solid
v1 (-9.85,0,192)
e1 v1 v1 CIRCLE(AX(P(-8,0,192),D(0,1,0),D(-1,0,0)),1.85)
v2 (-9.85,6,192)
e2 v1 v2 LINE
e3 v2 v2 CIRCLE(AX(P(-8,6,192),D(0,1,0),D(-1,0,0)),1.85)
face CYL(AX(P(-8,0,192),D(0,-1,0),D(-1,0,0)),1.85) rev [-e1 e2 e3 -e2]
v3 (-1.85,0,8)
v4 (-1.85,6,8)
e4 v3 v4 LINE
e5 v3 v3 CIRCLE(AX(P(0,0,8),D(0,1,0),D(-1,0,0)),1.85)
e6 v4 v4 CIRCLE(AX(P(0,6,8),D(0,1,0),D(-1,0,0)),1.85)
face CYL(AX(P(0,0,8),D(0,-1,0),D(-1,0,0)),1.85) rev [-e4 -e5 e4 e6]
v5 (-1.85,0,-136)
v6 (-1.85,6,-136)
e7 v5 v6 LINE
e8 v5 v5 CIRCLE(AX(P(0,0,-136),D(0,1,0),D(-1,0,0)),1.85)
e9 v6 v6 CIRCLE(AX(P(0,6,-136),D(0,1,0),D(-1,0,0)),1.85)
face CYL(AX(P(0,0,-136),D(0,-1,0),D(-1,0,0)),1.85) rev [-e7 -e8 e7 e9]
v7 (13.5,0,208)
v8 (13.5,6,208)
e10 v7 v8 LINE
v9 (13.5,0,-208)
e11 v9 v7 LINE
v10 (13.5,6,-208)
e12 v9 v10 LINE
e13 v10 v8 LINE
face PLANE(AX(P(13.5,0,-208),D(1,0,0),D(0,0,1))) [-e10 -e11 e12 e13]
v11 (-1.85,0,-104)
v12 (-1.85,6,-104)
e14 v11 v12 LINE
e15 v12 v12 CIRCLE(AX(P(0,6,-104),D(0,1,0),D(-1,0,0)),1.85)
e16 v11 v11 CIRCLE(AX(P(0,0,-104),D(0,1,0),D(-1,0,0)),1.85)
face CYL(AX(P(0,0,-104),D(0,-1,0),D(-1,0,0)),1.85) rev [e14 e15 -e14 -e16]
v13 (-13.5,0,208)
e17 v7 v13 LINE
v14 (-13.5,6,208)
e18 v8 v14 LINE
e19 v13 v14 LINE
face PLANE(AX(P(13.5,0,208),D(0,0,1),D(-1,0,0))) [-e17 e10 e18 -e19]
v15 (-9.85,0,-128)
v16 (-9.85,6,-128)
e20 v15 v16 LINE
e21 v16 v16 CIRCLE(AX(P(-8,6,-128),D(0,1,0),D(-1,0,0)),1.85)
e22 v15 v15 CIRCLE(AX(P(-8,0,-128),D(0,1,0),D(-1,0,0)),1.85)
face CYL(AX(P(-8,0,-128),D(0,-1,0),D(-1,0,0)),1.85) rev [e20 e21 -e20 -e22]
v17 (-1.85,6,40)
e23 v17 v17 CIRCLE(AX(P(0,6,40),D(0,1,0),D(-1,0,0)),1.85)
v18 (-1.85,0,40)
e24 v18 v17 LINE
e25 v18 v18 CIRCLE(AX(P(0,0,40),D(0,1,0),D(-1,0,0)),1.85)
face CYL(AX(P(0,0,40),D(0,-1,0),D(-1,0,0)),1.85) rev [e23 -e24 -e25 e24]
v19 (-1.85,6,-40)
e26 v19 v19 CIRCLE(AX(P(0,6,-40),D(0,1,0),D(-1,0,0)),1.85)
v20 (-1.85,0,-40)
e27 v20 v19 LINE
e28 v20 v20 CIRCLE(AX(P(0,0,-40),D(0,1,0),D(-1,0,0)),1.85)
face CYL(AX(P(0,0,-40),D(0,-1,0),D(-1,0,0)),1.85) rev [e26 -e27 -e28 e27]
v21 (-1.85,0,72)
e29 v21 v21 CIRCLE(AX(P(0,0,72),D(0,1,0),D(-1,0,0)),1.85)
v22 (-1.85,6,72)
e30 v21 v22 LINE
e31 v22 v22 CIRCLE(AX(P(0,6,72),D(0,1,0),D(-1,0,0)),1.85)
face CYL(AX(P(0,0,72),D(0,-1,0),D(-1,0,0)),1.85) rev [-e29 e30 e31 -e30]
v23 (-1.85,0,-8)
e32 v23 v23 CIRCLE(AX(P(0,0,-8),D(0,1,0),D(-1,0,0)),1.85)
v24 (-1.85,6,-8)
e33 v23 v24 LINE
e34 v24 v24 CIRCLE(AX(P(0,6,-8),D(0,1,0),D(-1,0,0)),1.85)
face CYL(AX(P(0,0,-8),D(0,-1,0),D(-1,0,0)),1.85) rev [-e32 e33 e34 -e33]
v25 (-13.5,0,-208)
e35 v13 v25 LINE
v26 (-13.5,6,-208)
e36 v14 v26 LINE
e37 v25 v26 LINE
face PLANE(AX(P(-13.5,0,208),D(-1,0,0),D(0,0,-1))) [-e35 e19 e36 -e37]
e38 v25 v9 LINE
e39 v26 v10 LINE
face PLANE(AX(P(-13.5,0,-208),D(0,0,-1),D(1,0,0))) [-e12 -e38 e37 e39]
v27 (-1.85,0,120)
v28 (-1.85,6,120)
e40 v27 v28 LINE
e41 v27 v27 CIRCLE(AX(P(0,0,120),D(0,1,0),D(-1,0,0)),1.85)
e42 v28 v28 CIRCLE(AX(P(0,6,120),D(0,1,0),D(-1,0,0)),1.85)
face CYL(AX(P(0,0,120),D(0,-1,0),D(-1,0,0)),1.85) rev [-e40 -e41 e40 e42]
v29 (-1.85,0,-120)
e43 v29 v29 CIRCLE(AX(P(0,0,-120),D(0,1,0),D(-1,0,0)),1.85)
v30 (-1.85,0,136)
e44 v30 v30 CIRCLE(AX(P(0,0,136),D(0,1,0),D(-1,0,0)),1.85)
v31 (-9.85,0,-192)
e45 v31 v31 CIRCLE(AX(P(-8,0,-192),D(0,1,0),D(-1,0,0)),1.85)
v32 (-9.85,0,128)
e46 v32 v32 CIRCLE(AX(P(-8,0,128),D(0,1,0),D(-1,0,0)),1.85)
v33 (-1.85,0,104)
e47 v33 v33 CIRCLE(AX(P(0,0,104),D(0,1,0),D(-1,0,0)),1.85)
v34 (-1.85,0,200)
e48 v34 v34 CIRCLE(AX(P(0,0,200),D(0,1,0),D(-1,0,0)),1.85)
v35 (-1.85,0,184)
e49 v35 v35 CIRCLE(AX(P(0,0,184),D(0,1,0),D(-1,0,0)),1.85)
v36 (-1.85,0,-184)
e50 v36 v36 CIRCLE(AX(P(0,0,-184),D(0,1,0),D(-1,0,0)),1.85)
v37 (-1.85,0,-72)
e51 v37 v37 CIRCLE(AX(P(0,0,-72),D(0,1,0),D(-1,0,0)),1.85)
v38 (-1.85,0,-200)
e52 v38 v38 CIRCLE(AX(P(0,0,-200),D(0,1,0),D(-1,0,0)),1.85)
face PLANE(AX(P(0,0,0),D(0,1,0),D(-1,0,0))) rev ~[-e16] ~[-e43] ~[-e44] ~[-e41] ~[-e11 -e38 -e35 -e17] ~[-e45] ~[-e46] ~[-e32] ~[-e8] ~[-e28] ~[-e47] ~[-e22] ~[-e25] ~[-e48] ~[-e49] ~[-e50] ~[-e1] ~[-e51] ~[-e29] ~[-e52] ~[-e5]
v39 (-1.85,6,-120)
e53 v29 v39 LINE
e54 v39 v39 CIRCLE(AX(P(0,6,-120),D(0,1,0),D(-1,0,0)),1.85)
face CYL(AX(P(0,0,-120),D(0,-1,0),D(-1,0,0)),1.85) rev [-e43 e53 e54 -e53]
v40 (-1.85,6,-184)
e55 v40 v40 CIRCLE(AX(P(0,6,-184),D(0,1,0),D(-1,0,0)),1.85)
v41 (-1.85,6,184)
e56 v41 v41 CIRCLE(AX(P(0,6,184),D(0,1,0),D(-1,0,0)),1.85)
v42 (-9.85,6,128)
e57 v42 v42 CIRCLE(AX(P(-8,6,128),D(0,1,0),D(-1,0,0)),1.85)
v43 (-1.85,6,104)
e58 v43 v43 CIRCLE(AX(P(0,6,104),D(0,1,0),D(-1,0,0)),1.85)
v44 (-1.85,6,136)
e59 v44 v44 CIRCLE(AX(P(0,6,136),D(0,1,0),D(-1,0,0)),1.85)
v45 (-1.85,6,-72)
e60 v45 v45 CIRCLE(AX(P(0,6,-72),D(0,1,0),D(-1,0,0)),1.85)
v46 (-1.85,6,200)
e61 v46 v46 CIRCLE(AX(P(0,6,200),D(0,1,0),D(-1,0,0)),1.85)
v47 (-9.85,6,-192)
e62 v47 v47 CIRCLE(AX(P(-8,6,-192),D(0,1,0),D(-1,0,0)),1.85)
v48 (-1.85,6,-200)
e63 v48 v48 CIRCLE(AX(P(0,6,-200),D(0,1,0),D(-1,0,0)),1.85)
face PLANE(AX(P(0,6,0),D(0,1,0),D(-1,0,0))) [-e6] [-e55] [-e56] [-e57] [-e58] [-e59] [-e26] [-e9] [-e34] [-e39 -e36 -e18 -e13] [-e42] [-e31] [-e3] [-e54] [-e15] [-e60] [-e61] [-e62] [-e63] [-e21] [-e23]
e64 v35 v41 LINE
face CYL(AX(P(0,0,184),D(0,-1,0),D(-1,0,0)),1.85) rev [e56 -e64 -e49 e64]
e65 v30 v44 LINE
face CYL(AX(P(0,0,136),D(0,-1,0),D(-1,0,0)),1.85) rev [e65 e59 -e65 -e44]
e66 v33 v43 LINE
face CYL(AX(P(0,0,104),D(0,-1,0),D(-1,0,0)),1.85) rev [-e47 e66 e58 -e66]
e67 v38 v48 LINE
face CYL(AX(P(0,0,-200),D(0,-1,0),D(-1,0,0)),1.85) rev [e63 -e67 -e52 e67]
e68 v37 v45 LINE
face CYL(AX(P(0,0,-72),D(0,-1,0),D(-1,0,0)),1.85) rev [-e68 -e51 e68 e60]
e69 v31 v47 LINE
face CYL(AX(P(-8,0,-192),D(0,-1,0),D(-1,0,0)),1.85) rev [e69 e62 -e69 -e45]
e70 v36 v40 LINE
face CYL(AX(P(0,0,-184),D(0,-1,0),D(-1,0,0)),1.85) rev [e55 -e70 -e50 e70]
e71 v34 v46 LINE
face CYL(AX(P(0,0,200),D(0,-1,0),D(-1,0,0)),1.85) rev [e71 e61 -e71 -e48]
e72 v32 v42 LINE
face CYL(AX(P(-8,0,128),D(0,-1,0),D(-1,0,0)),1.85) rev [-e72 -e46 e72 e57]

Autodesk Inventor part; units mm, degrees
ref_plane "YZ Plane" through (0, 0, 0) normal (1, 0, 0) x (0, 1, 0)
ref_plane "XZ Plane" through (0, 0, 0) normal (0, 1, 0) x (-1, 0, 0)
ref_plane "XY Plane" through (0, 0, 0) normal (0, 0, 1) x (1, 0, 0)
sketch "Sketch1" plane through (0, 0, 0) normal (0, 1, 0) x (-1, 0, 0)
  line L0 (-13.5, 208) -> (13.5, 208)
  line L1 (13.5, 208) -> (13.5, -208)
  line L2 (13.5, -208) -> (-13.5, -208)
  line L3 (-13.5, -208) -> (-13.5, 208)
  line L4 (-13.5, 208) -> (13.5, -208) construction
  line L5 (13.5, 208) -> (-13.5, -208) construction
  circle A0 centre (0, 200) radius 1.85 projected
  circle A1 centre (0, 184) radius 1.85 projected
  circle A2 centre (0, 136) radius 1.85 projected
  circle A3 centre (0, 120) radius 1.85 projected
  circle A4 centre (0, 104) radius 1.85 projected
  circle A5 centre (0, 72) radius 1.85 projected
  circle A6 centre (0, 40) radius 1.85 projected
  circle A7 centre (0, 8) radius 1.85 projected
  circle A8 centre (0, 8) radius 1.85 projected
  circle A9 centre (0, -8) radius 1.85 projected
  circle A10 centre (0, -40) radius 1.85 projected
  circle A11 centre (0, -72) radius 1.85 projected
  circle A12 centre (0, -104) radius 1.85 projected
  circle A13 centre (0, -120) radius 1.85 projected
  circle A14 centre (0, -136) radius 1.85 projected
  circle A15 centre (0, -184) radius 1.85 projected
  circle A16 centre (0, -200) radius 1.85 projected
  circle A17 centre (8, -192) radius 1.85 projected
  circle A18 centre (8, -128) radius 1.85 projected
  circle A19 centre (8, 192) radius 1.85 projected
  circle A20 centre (8, 128) radius 1.85 projected
  point P0 (0, 0)
  dimension "d0" = 27
  dimension "d1" = 416
  dimension "d14" = 8
  dimension "d15" = 5.5
  dimension "d16" = 13.5
  dimension "d17" = 16
  dimension "d18" = 80
  dimension "d19" = 16
  dimension "d20" = 80
  dimension "d21" = 16
  dimension "d22" = 5.5
  dimension "d23" = 5.5
  dimension "d24" = 8
  dimension "d25" = 13.5
  dimension "d26" = 16
  dimension "d27" = 16
  dimension "d28" = 16
  dimension "d29" = 32
  dimension "d30" = 32
  dimension "d31" = 32
  dimension "d32" = 16
  dimension "d33" = 32
  dimension "d34" = 32
  dimension "d35" = 32
  dimension "d36" = 16
  dimension "d37" = 16
  dimension "d38" = 48
  dimension "d39" = 48
  dimension "d40" = 5.5
extrude "Extrusion6" add sketch "Sketch1" along normal blind 6
properties part number "MCbeam"
